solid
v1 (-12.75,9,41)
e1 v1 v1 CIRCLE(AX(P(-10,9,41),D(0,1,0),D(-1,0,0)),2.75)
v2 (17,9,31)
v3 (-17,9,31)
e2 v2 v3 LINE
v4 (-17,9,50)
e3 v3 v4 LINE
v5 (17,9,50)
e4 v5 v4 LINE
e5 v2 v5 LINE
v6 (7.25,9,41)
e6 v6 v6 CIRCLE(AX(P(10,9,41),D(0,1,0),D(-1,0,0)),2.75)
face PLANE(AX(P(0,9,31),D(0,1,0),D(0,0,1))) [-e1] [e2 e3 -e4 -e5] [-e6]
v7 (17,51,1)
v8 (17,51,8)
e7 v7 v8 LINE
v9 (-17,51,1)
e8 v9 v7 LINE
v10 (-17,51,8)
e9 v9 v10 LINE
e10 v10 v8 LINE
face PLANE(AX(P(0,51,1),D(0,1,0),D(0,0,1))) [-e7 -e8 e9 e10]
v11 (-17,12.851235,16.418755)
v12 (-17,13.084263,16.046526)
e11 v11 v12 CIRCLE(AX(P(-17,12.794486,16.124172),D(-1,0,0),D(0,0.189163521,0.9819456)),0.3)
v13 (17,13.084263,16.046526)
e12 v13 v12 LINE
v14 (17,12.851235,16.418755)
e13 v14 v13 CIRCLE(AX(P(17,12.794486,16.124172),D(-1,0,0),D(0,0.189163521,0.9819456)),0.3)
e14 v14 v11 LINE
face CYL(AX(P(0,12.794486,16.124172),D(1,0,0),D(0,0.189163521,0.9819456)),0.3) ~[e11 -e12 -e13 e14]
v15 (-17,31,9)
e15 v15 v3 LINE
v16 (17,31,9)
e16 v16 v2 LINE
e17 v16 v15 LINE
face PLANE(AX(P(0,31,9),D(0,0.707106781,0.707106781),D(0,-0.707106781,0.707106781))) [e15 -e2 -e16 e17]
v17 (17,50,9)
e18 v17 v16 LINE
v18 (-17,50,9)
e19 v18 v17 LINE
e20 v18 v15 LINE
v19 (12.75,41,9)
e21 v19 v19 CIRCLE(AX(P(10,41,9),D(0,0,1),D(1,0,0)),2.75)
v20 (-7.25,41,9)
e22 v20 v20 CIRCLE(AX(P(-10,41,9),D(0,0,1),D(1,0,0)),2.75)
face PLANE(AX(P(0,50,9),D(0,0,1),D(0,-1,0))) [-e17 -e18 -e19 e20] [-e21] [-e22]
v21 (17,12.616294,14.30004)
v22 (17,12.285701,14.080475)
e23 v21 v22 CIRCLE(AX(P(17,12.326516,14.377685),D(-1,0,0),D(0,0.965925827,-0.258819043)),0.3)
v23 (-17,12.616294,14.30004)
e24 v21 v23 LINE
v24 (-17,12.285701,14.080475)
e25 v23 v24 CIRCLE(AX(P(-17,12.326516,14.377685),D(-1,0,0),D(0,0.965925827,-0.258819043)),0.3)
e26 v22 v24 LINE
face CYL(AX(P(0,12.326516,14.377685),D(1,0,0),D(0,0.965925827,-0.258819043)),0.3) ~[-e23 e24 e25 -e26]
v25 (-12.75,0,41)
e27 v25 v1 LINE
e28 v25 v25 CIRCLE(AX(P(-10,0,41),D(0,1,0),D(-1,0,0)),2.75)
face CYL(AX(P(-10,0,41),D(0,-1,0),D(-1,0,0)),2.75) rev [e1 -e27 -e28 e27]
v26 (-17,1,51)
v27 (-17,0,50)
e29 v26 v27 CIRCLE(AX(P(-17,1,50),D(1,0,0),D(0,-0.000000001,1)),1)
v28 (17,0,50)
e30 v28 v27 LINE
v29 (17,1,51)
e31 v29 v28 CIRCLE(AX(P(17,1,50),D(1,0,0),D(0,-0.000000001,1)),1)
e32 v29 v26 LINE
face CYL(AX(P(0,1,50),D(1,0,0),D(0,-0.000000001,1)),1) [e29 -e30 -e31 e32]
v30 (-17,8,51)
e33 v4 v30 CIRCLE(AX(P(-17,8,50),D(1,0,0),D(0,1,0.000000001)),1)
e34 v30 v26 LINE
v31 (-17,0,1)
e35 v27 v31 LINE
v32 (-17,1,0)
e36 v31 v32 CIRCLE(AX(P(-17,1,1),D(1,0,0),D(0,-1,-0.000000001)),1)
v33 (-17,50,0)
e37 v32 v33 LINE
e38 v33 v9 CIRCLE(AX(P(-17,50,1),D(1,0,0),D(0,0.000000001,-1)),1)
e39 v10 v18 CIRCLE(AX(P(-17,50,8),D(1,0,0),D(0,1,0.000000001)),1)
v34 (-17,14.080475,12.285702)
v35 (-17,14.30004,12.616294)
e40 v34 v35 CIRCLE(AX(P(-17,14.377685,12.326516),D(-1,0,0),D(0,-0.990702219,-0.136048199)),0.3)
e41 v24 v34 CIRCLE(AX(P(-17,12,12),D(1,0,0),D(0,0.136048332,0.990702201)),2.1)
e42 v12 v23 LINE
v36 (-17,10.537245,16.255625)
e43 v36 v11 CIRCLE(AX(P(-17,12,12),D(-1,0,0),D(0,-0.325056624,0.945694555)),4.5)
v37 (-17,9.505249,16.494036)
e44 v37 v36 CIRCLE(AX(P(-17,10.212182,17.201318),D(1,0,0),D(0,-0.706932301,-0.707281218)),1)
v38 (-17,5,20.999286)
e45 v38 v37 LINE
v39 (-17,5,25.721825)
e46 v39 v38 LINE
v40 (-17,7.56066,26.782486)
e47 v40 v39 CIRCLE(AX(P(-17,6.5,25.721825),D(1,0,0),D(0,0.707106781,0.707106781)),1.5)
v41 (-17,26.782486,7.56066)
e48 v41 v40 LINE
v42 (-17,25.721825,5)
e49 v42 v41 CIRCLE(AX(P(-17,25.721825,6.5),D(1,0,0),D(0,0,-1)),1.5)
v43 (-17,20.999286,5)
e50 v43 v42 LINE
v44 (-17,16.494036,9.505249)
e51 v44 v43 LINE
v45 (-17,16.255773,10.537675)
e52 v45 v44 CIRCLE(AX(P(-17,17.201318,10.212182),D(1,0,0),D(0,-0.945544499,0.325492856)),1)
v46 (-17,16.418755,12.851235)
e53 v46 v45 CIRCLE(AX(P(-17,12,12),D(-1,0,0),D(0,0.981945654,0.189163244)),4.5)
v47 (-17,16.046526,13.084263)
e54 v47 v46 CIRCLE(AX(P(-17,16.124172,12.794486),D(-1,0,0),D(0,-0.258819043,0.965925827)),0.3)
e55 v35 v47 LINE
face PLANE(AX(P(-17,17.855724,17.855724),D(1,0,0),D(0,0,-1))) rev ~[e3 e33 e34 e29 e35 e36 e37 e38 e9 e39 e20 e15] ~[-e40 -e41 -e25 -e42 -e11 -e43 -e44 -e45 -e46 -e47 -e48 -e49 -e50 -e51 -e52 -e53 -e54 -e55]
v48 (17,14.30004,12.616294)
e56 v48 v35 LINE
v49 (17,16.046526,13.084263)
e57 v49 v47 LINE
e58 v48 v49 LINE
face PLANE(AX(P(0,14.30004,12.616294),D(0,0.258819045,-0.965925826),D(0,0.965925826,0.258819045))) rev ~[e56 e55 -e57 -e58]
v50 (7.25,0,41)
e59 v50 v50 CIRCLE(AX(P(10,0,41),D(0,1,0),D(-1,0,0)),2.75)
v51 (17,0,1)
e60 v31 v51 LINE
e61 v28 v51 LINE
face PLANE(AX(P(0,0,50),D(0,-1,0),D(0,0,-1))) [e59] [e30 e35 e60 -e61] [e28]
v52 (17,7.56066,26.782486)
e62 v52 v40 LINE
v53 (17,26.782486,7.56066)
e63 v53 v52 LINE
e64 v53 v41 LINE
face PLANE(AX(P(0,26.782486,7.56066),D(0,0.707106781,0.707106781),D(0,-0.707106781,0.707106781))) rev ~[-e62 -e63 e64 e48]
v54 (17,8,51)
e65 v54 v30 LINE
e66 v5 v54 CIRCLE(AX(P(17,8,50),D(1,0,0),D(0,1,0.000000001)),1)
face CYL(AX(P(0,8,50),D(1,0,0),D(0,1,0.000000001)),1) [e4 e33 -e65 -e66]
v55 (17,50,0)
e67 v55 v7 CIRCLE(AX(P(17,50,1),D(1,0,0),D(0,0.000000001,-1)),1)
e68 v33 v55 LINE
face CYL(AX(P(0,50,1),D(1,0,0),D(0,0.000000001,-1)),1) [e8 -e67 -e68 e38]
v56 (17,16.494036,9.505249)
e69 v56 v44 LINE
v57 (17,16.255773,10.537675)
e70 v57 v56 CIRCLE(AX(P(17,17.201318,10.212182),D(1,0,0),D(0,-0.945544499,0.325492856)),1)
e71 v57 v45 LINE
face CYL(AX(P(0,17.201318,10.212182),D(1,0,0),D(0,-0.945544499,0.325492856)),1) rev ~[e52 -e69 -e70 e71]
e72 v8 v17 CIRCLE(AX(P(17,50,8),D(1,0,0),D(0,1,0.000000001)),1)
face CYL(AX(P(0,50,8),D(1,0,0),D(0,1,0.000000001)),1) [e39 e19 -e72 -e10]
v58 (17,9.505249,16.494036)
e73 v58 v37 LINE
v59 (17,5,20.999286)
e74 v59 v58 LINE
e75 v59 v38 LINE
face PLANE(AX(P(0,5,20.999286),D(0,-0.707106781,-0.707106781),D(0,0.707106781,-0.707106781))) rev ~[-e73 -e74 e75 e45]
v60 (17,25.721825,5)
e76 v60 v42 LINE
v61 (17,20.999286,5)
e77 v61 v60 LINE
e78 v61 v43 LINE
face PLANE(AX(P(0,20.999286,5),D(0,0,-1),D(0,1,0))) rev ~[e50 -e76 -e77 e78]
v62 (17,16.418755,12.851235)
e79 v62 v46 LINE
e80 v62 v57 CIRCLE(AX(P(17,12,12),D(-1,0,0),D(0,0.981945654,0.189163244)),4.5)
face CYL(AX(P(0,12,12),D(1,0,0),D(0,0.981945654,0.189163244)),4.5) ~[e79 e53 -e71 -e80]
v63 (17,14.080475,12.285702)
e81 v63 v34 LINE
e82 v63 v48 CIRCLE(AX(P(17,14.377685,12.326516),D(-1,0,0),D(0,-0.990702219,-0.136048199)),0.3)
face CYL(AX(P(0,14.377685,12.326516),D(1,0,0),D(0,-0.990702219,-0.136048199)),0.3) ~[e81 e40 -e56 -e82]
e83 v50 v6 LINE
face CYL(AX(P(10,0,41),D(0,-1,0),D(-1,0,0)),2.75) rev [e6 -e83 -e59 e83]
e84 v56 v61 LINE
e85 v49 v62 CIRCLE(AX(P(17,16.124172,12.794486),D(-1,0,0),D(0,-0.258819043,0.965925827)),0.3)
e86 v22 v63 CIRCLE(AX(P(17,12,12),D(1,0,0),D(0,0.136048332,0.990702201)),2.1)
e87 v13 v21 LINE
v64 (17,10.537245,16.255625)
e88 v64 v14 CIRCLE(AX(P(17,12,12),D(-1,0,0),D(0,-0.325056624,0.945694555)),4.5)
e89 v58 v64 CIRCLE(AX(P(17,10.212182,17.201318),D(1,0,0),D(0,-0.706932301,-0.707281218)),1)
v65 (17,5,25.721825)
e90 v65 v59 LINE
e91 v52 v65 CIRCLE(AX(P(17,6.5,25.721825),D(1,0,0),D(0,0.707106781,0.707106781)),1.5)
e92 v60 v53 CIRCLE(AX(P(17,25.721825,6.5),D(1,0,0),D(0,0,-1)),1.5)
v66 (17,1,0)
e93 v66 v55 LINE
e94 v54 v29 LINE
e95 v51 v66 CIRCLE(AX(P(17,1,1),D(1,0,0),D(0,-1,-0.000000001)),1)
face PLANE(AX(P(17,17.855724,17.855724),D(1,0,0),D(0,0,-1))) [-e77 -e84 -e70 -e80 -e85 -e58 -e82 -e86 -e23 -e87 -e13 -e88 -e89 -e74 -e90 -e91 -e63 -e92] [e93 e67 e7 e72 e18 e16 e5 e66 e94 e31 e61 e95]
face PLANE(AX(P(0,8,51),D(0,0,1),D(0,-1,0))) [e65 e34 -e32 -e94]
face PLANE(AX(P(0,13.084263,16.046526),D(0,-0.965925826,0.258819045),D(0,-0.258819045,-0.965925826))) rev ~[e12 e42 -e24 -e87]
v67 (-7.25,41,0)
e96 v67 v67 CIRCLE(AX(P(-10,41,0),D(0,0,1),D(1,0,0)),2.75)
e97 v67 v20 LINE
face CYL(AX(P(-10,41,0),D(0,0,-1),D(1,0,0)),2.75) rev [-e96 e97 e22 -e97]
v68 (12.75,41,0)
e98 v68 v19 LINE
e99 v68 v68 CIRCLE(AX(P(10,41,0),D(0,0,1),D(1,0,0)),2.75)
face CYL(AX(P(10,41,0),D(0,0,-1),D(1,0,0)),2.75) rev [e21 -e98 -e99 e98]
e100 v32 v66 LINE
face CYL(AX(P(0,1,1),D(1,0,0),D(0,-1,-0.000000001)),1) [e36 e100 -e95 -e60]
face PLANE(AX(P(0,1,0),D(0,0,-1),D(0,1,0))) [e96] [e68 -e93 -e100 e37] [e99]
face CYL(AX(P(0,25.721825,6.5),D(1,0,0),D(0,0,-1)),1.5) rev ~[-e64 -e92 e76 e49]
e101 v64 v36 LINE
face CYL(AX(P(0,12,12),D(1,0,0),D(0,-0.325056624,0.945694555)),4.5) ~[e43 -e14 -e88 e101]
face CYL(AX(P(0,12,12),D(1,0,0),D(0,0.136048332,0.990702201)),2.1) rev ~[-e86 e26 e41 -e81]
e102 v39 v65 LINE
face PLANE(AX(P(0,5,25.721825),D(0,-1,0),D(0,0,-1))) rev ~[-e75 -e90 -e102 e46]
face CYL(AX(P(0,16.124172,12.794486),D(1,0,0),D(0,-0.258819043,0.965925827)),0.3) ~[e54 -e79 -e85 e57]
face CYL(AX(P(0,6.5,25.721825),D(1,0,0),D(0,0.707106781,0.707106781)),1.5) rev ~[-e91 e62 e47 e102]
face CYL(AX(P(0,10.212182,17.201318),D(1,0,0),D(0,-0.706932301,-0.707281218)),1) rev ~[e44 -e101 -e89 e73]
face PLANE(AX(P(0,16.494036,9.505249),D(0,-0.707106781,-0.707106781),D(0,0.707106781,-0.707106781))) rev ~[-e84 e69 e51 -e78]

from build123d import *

# Parameters (mm, degrees)
BOSS_EXTRUDE1_DEPTH      = 17
BOSS_EXTRUDE1_DEPTH_BACK = 17
SKETCH2_R                = 2.75
CUT_EXTRUDE1_DEPTH       = 9
SKETCH3_R                = 2.75
CUT_EXTRUDE2_DEPTH       = 9
SKETCH4_R                = 2.75
CUT_EXTRUDE3_DEPTH       = 9
SKETCH5_R                = 2.75
CUT_EXTRUDE4_DEPTH       = 9


with BuildPart() as part:
    # Sketch1 → Boss-Extrude1 (new, two sides: drawn at the far end of the back side and taken through both)
    with BuildSketch(Plane(origin=(0, 0, 0), x_dir=(0, 0, -1), z_dir=(1, 0, 0)).offset(-BOSS_EXTRUDE1_DEPTH_BACK)):
        with BuildLine():
            Line((-50, 0), (-1, 0))
            ThreePointArc((-1, 0), (-0.292893219, 0.292893219), (0, 1))
            Line((0, 1), (0, 50))
            ThreePointArc((0, 50), (-0.292893219, 50.707106781), (-1, 51))
            Line((-1, 51), (-8, 51))
            ThreePointArc((-8, 51), (-8.707106781, 50.707106781), (-9, 50))
            Line((-9, 50), (-9, 31))
            Line((-9, 31), (-31, 9))
            Line((-31, 9), (-50, 9))
            ThreePointArc((-50, 9), (-50.707106781, 8.707106781), (-51, 8))
            Line((-51, 8), (-51, 1))
            ThreePointArc((-51, 1), (-50.707106781, 0.292893219), (-50, 0))
        make_face()
        with BuildLine():
            Line((-25.721825407, 5), (-20.999285733, 5))
            Line((-20.999285733, 5), (-16.494036438, 9.505249294))
            ThreePointArc((-16.494036438, 9.505249294), (-16.226979866, 9.987090789), (-16.255625497, 10.537245192))
            ThreePointArc((-16.255625497, 10.537245192), (-16.488859314, 11.683547702), (-16.418755424, 12.851234691))
            ThreePointArc((-16.418755424, 12.851234691), (-16.283360667, 13.048766752), (-16.046526031, 13.084263382))
            Line((-16.046526031, 13.084263382), (-14.300039569, 12.616293745))
            ThreePointArc((-14.300039569, 12.616293745), (-14.127781033, 12.492491496), (-14.080474622, 12.285701498))
            ThreePointArc((-14.080474622, 12.285701498), (-10.515075745, 10.515075774), (-12.285701539, 14.080474617))
            ThreePointArc((-12.285701539, 14.080474617), (-12.492491514, 14.127781045), (-12.616293745, 14.300039569))
            Line((-12.616293745, 14.300039569), (-13.084263382, 16.046526031))
            ThreePointArc((-13.084263382, 16.046526031), (-13.048766728, 16.283360705), (-12.851234602, 16.418755442))
            ThreePointArc((-12.851234602, 16.418755442), (-11.683774102, 16.488875269), (-10.537674556, 16.255773055))
            ThreePointArc((-10.537674556, 16.255773055), (-9.987311976, 16.226928716), (-9.505249294, 16.494036438))
            Line((-9.505249294, 16.494036438), (-5, 20.999285733))
            Line((-5, 20.999285733), (-5, 25.721825407))
            ThreePointArc((-5, 25.721825407), (-5.925974851, 27.107644706), (-7.560660172, 26.782485579))
            Line((-7.560660172, 26.782485579), (-26.782485579, 7.560660172))
            ThreePointArc((-26.782485579, 7.560660172), (-27.107644706, 5.925974851), (-25.721825407, 5))
        make_face(mode=Mode.SUBTRACT)
    extrude(amount=BOSS_EXTRUDE1_DEPTH + BOSS_EXTRUDE1_DEPTH_BACK)

    # Sketch2 → Cut-Extrude1 (cut)
    with BuildSketch(Plane(origin=(0, 0, 0), x_dir=(-1, 0, 0), z_dir=(0, 1, 0))):
        with Locations((10, 41)):
            Circle(SKETCH2_R)
    extrude(amount=CUT_EXTRUDE1_DEPTH, mode=Mode.SUBTRACT)

    # Sketch3 → Cut-Extrude2 (cut)
    with BuildSketch(Plane(origin=(0, 0, 0), x_dir=(-1, 0, 0), z_dir=(0, 1, 0))):
        with Locations((-10, 41)):
            Circle(SKETCH3_R)
    extrude(amount=CUT_EXTRUDE2_DEPTH, mode=Mode.SUBTRACT)

    # Sketch4 → Cut-Extrude3 (cut)
    with BuildSketch(Plane.XY):
        with Locations((-10, 41)):
            Circle(SKETCH4_R)
    extrude(amount=CUT_EXTRUDE3_DEPTH, mode=Mode.SUBTRACT)

    # Sketch5 → Cut-Extrude4 (cut)
    with BuildSketch(Plane.XY):
        with Locations((10, 41)):
            Circle(SKETCH5_R)
    extrude(amount=CUT_EXTRUDE4_DEPTH, mode=Mode.SUBTRACT)


solid = part.part
